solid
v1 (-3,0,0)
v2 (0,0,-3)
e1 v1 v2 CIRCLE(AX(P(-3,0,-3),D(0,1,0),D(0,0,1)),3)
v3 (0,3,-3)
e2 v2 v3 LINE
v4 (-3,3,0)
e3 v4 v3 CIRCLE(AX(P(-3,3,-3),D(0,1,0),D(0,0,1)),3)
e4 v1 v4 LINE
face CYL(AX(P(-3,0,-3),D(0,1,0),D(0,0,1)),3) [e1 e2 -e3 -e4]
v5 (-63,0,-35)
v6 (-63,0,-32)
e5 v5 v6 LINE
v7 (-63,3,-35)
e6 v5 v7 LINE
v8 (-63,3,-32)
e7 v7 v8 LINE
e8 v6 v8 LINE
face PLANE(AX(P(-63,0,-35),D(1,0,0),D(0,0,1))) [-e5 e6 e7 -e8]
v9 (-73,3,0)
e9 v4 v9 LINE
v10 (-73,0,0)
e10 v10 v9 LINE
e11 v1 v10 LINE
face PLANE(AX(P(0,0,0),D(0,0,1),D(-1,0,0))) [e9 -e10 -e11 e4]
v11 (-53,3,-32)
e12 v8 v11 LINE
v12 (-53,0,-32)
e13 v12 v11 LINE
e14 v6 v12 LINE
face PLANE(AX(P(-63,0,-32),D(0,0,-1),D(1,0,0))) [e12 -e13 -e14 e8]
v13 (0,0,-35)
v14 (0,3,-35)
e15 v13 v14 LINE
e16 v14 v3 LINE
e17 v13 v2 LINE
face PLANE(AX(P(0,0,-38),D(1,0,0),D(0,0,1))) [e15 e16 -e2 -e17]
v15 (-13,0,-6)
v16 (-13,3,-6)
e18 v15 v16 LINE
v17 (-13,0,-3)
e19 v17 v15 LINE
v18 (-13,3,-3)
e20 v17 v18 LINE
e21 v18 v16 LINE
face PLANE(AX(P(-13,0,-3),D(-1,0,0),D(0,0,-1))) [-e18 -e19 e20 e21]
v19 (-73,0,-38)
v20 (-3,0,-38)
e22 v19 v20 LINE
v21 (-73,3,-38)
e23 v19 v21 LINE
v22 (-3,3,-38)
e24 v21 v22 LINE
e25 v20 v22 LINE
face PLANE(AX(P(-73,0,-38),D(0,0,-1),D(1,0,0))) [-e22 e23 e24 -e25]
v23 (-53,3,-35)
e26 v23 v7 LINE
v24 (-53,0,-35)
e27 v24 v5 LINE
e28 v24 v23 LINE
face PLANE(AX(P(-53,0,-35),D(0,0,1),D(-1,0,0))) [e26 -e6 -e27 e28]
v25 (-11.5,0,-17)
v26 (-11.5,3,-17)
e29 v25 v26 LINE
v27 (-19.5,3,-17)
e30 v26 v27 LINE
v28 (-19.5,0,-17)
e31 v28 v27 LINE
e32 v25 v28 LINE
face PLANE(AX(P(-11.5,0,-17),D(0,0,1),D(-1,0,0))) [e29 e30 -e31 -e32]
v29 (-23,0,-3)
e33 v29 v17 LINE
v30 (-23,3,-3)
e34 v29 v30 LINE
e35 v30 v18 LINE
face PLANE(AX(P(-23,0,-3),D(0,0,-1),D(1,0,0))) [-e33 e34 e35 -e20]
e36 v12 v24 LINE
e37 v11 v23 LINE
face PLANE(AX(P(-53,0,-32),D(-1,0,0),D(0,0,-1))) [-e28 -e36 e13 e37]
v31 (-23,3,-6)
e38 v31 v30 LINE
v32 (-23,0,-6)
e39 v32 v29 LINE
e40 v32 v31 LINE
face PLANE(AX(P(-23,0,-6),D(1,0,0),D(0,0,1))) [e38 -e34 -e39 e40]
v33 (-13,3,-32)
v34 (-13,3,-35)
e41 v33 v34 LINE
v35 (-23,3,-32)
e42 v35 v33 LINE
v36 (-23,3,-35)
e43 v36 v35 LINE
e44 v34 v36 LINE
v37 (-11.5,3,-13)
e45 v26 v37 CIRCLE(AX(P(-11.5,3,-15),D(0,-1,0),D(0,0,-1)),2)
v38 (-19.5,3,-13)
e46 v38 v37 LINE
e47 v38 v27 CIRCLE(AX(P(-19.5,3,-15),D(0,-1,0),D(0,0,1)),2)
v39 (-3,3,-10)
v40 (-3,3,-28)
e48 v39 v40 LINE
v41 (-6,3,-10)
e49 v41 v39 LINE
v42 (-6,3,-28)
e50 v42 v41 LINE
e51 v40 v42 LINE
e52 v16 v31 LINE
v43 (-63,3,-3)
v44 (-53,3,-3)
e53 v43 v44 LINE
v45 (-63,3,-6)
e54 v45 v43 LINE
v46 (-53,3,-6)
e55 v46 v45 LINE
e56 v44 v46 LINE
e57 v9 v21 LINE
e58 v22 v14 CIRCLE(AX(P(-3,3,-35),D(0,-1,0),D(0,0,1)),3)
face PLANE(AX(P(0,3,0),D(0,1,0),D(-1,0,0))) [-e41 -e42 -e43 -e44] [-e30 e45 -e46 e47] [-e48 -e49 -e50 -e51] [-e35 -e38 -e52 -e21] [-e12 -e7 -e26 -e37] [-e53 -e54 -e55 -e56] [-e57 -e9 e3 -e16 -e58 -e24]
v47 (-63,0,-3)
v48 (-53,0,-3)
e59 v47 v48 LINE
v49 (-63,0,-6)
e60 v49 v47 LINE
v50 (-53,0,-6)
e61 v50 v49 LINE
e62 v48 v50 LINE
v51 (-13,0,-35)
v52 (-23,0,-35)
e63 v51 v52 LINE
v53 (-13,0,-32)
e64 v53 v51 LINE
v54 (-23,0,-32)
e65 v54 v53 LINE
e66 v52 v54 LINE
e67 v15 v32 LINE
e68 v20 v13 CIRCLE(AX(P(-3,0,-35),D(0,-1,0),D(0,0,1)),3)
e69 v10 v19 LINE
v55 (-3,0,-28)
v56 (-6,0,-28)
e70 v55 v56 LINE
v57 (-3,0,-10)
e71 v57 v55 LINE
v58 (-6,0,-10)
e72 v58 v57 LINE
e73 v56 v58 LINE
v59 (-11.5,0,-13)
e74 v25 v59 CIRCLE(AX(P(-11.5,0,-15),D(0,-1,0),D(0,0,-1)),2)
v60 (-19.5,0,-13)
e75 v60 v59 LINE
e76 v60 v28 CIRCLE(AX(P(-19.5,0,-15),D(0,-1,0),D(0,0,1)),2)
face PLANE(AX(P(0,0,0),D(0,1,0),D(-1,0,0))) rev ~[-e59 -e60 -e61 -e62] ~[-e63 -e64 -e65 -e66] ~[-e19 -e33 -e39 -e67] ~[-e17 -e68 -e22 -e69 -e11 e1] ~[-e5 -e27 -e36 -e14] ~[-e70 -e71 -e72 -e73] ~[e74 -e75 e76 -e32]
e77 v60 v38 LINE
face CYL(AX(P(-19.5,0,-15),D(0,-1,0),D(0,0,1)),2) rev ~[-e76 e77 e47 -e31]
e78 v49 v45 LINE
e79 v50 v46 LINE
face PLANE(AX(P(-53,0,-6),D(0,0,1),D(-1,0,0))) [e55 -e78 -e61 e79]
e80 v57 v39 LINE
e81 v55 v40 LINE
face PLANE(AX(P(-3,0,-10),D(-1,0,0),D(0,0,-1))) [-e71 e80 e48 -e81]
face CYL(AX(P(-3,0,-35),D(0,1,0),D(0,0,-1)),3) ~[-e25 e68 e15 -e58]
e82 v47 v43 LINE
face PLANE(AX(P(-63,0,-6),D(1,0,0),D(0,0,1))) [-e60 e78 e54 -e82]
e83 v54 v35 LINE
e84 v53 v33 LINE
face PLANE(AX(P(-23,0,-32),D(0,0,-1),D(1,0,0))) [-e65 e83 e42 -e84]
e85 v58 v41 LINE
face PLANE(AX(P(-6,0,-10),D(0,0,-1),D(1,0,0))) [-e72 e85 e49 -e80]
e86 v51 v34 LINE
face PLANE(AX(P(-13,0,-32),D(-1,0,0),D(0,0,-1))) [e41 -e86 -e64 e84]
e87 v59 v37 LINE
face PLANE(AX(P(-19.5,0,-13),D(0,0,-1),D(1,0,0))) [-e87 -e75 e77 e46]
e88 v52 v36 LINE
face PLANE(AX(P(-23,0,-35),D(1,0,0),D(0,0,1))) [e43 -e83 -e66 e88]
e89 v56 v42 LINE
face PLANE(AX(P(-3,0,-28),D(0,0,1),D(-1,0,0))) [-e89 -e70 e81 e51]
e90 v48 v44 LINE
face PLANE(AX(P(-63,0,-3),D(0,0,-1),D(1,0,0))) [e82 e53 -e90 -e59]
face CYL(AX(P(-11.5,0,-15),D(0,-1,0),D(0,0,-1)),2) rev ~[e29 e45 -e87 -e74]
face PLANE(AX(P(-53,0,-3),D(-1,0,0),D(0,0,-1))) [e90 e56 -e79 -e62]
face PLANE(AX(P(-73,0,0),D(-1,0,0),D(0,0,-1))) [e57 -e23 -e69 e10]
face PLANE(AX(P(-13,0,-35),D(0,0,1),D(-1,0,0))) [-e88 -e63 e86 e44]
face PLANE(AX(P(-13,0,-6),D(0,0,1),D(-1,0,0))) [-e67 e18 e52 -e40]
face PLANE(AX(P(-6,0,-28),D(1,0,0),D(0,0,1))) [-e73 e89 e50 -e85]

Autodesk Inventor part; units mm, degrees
ref_plane "YZ Plane" through (0, 0, 0) normal (1, 0, 0) x (0, 1, 0)
ref_plane "XZ Plane" through (0, 0, 0) normal (0, 1, 0) x (-1, 0, 0)
ref_plane "XY Plane" through (0, 0, 0) normal (0, 0, 1) x (1, 0, 0)
sketch "Sketch1" plane through (0, 0, 0) normal (0, 1, 0) x (-1, 0, 0)
  line L0 (0, 0) -> (73, 0)
  line L1 (73, 0) -> (73, -38)
  line L2 (73, -38) -> (0, -38)
  line L3 (0, -38) -> (0, 0)
  line L4 (13, -35) -> (23, -35)
  line L5 (23, -35) -> (23, -32)
  line L6 (23, -32) -> (13, -32)
  line L7 (13, -32) -> (13, -35)
  line L8 (3, -28) -> (6, -28)
  line L9 (6, -28) -> (6, -10)
  line L10 (6, -10) -> (3, -10)
  line L11 (3, -10) -> (3, -28)
  line L12 (13, -6) -> (23, -6)
  line L13 (23, -6) -> (23, -3)
  line L14 (23, -3) -> (13, -3)
  line L15 (13, -3) -> (13, -6)
  line L16 (63, -3) -> (53, -3)
  line L17 (53, -3) -> (53, -6)
  line L18 (53, -6) -> (63, -6)
  line L19 (63, -6) -> (63, -3)
  line L20 (63, -32) -> (53, -32)
  line L21 (53, -32) -> (53, -35)
  line L22 (53, -35) -> (63, -35)
  line L23 (63, -35) -> (63, -32)
  point P0 (3, -19)
  point P1 (0, -19)
  dimension "d0" = 73
  dimension "d1" = 38
  dimension "d3" = 3
  dimension "d4" = 3
  dimension "d5" = 3
  dimension "d6" = 10
  dimension "d7" = 10
  dimension "d8" = 18
  dimension "d9" = 32
  dimension "d10" = 3
  dimension "d11" = 3
  dimension "d12" = 3
  dimension "d13" = 10
  dimension "d14" = 13
extrude "Extrusion1" add sketch "Sketch1" along normal blind 3
fillet "Fillet1" radius 3 2 edges at (0, 1.5, 0) (0, 1.5, -38)
sketch "Sketch2" plane through (0, 0, 0) normal (0, -1, 0) x (1, 0, 0)
  line L0 (-3, -10) -> (-3, -28) projected
  line L1 (-3, -28) -> (-6, -28) projected
  line L2 (-6, -28) -> (-6, -10) projected
  line L3 (-6, -10) -> (-3, -10) projected
  line L4 (-63, -35) -> (-63, -32) projected
  line L5 (-63, -32) -> (-53, -32) projected
  line L6 (-53, -32) -> (-53, -35) projected
  line L7 (-53, -35) -> (-63, -35) projected
  line L8 (-63, -6) -> (-63, -3) projected
  line L9 (-63, -3) -> (-53, -3) projected
  line L10 (-53, -3) -> (-53, -6) projected
  line L11 (-53, -6) -> (-63, -6) projected
  line L12 (-13, -3) -> (-13, -6) projected
  line L13 (-13, -6) -> (-23, -6) projected
  line L14 (-23, -6) -> (-23, -3) projected
  line L15 (-23, -3) -> (-13, -3) projected
  line L16 (-13, -32) -> (-13, -35) projected
  line L17 (-13, -35) -> (-23, -35) projected
  line L18 (-23, -35) -> (-23, -32) projected
  line L19 (-23, -32) -> (-13, -32) projected
  arc A0 (-3, -38) -> (0, -35) centre (-3, -35) ccw projected
  line L20 (0, -35) -> (0, -3) projected
  arc A1 (0, -3) -> (-3, 0) centre (-3, -3) ccw projected
  line L21 (-3, 0) -> (-73, 0) projected
  line L22 (-73, 0) -> (-73, -38) projected
  line L23 (-73, -38) -> (-3, -38) projected
  line L24 (-9.5, -15) -> (-21.5, -15) construction
  line L25 (-11.5, -17) -> (-19.5, -17)
  line L26 (-19.5, -13) -> (-11.5, -13)
  arc A2 (-11.5, -17) -> (-11.5, -13) centre (-11.5, -15) ccw
  arc A3 (-19.5, -13) -> (-19.5, -17) centre (-19.5, -15) ccw
  line L27 (-73, 0) -> (-73, -38) projected
  point P0 (0, 0)
  point P1 (-73, -19)
  point P2 (-15.5, -15)
  point P3 (-73, -19)
  dimension "d21" = 2
  dimension "d22" = 8
  dimension "d23" = 11.5
  dimension "d26" = 15
extrude "Extrusion2" cut sketch "Sketch2" against normal blind 3 contours L25 A3 L26 A2
sketch "Sketch3" plane through (0, 3, 0) normal (0, 1, 0) x (1, 0, 0)
  arc A0 (-11.5, 13) -> (-11.5, 17) centre (-11.5, 15) ccw projected
  line L0 (-11.5, 13) -> (-19.5, 13) projected
  arc A1 (-19.5, 17) -> (-19.5, 13) centre (-19.5, 15) ccw projected
  line L1 (-19.5, 17) -> (-11.5, 17) projected
  arc A2 (0, 35) -> (-3, 38) centre (-3, 35) ccw projected
  line L2 (-3, 38) -> (-73, 38) projected
  line L3 (-73, 38) -> (-73, 0) projected
  line L4 (-73, 0) -> (-3, 0) projected
  arc A3 (-3, 0) -> (0, 3) centre (-3, 3) ccw projected
  line L5 (0, 3) -> (0, 35) projected
  line L6 (-3, 28) -> (-3, 10) projected
  line L7 (-3, 10) -> (-6, 10) projected
  line L8 (-6, 10) -> (-6, 28) projected
  line L9 (-6, 28) -> (-3, 28) projected
  line L10 (-63, 32) -> (-63, 35) projected
  line L11 (-63, 35) -> (-53, 35) projected
  line L12 (-53, 35) -> (-53, 32) projected
  line L13 (-53, 32) -> (-63, 32) projected
  line L14 (-63, 3) -> (-63, 6) projected
  line L15 (-63, 6) -> (-53, 6) projected
  line L16 (-53, 6) -> (-53, 3) projected
  line L17 (-53, 3) -> (-63, 3) projected
  line L18 (-13, 6) -> (-13, 3) projected
  line L19 (-13, 3) -> (-23, 3) projected
  line L20 (-23, 3) -> (-23, 6) projected
  line L21 (-23, 6) -> (-13, 6) projected
  line L22 (-13, 35) -> (-13, 32) projected
  line L23 (-13, 32) -> (-23, 32) projected
  line L24 (-23, 32) -> (-23, 35) projected
  line L25 (-23, 35) -> (-13, 35) projected
  point P0 (0, 0)
equation "\"d5\" = d4"
equation "\"d10\" = d11"
properties part number "motor mount top" material "Polycarbonate, Clear"
